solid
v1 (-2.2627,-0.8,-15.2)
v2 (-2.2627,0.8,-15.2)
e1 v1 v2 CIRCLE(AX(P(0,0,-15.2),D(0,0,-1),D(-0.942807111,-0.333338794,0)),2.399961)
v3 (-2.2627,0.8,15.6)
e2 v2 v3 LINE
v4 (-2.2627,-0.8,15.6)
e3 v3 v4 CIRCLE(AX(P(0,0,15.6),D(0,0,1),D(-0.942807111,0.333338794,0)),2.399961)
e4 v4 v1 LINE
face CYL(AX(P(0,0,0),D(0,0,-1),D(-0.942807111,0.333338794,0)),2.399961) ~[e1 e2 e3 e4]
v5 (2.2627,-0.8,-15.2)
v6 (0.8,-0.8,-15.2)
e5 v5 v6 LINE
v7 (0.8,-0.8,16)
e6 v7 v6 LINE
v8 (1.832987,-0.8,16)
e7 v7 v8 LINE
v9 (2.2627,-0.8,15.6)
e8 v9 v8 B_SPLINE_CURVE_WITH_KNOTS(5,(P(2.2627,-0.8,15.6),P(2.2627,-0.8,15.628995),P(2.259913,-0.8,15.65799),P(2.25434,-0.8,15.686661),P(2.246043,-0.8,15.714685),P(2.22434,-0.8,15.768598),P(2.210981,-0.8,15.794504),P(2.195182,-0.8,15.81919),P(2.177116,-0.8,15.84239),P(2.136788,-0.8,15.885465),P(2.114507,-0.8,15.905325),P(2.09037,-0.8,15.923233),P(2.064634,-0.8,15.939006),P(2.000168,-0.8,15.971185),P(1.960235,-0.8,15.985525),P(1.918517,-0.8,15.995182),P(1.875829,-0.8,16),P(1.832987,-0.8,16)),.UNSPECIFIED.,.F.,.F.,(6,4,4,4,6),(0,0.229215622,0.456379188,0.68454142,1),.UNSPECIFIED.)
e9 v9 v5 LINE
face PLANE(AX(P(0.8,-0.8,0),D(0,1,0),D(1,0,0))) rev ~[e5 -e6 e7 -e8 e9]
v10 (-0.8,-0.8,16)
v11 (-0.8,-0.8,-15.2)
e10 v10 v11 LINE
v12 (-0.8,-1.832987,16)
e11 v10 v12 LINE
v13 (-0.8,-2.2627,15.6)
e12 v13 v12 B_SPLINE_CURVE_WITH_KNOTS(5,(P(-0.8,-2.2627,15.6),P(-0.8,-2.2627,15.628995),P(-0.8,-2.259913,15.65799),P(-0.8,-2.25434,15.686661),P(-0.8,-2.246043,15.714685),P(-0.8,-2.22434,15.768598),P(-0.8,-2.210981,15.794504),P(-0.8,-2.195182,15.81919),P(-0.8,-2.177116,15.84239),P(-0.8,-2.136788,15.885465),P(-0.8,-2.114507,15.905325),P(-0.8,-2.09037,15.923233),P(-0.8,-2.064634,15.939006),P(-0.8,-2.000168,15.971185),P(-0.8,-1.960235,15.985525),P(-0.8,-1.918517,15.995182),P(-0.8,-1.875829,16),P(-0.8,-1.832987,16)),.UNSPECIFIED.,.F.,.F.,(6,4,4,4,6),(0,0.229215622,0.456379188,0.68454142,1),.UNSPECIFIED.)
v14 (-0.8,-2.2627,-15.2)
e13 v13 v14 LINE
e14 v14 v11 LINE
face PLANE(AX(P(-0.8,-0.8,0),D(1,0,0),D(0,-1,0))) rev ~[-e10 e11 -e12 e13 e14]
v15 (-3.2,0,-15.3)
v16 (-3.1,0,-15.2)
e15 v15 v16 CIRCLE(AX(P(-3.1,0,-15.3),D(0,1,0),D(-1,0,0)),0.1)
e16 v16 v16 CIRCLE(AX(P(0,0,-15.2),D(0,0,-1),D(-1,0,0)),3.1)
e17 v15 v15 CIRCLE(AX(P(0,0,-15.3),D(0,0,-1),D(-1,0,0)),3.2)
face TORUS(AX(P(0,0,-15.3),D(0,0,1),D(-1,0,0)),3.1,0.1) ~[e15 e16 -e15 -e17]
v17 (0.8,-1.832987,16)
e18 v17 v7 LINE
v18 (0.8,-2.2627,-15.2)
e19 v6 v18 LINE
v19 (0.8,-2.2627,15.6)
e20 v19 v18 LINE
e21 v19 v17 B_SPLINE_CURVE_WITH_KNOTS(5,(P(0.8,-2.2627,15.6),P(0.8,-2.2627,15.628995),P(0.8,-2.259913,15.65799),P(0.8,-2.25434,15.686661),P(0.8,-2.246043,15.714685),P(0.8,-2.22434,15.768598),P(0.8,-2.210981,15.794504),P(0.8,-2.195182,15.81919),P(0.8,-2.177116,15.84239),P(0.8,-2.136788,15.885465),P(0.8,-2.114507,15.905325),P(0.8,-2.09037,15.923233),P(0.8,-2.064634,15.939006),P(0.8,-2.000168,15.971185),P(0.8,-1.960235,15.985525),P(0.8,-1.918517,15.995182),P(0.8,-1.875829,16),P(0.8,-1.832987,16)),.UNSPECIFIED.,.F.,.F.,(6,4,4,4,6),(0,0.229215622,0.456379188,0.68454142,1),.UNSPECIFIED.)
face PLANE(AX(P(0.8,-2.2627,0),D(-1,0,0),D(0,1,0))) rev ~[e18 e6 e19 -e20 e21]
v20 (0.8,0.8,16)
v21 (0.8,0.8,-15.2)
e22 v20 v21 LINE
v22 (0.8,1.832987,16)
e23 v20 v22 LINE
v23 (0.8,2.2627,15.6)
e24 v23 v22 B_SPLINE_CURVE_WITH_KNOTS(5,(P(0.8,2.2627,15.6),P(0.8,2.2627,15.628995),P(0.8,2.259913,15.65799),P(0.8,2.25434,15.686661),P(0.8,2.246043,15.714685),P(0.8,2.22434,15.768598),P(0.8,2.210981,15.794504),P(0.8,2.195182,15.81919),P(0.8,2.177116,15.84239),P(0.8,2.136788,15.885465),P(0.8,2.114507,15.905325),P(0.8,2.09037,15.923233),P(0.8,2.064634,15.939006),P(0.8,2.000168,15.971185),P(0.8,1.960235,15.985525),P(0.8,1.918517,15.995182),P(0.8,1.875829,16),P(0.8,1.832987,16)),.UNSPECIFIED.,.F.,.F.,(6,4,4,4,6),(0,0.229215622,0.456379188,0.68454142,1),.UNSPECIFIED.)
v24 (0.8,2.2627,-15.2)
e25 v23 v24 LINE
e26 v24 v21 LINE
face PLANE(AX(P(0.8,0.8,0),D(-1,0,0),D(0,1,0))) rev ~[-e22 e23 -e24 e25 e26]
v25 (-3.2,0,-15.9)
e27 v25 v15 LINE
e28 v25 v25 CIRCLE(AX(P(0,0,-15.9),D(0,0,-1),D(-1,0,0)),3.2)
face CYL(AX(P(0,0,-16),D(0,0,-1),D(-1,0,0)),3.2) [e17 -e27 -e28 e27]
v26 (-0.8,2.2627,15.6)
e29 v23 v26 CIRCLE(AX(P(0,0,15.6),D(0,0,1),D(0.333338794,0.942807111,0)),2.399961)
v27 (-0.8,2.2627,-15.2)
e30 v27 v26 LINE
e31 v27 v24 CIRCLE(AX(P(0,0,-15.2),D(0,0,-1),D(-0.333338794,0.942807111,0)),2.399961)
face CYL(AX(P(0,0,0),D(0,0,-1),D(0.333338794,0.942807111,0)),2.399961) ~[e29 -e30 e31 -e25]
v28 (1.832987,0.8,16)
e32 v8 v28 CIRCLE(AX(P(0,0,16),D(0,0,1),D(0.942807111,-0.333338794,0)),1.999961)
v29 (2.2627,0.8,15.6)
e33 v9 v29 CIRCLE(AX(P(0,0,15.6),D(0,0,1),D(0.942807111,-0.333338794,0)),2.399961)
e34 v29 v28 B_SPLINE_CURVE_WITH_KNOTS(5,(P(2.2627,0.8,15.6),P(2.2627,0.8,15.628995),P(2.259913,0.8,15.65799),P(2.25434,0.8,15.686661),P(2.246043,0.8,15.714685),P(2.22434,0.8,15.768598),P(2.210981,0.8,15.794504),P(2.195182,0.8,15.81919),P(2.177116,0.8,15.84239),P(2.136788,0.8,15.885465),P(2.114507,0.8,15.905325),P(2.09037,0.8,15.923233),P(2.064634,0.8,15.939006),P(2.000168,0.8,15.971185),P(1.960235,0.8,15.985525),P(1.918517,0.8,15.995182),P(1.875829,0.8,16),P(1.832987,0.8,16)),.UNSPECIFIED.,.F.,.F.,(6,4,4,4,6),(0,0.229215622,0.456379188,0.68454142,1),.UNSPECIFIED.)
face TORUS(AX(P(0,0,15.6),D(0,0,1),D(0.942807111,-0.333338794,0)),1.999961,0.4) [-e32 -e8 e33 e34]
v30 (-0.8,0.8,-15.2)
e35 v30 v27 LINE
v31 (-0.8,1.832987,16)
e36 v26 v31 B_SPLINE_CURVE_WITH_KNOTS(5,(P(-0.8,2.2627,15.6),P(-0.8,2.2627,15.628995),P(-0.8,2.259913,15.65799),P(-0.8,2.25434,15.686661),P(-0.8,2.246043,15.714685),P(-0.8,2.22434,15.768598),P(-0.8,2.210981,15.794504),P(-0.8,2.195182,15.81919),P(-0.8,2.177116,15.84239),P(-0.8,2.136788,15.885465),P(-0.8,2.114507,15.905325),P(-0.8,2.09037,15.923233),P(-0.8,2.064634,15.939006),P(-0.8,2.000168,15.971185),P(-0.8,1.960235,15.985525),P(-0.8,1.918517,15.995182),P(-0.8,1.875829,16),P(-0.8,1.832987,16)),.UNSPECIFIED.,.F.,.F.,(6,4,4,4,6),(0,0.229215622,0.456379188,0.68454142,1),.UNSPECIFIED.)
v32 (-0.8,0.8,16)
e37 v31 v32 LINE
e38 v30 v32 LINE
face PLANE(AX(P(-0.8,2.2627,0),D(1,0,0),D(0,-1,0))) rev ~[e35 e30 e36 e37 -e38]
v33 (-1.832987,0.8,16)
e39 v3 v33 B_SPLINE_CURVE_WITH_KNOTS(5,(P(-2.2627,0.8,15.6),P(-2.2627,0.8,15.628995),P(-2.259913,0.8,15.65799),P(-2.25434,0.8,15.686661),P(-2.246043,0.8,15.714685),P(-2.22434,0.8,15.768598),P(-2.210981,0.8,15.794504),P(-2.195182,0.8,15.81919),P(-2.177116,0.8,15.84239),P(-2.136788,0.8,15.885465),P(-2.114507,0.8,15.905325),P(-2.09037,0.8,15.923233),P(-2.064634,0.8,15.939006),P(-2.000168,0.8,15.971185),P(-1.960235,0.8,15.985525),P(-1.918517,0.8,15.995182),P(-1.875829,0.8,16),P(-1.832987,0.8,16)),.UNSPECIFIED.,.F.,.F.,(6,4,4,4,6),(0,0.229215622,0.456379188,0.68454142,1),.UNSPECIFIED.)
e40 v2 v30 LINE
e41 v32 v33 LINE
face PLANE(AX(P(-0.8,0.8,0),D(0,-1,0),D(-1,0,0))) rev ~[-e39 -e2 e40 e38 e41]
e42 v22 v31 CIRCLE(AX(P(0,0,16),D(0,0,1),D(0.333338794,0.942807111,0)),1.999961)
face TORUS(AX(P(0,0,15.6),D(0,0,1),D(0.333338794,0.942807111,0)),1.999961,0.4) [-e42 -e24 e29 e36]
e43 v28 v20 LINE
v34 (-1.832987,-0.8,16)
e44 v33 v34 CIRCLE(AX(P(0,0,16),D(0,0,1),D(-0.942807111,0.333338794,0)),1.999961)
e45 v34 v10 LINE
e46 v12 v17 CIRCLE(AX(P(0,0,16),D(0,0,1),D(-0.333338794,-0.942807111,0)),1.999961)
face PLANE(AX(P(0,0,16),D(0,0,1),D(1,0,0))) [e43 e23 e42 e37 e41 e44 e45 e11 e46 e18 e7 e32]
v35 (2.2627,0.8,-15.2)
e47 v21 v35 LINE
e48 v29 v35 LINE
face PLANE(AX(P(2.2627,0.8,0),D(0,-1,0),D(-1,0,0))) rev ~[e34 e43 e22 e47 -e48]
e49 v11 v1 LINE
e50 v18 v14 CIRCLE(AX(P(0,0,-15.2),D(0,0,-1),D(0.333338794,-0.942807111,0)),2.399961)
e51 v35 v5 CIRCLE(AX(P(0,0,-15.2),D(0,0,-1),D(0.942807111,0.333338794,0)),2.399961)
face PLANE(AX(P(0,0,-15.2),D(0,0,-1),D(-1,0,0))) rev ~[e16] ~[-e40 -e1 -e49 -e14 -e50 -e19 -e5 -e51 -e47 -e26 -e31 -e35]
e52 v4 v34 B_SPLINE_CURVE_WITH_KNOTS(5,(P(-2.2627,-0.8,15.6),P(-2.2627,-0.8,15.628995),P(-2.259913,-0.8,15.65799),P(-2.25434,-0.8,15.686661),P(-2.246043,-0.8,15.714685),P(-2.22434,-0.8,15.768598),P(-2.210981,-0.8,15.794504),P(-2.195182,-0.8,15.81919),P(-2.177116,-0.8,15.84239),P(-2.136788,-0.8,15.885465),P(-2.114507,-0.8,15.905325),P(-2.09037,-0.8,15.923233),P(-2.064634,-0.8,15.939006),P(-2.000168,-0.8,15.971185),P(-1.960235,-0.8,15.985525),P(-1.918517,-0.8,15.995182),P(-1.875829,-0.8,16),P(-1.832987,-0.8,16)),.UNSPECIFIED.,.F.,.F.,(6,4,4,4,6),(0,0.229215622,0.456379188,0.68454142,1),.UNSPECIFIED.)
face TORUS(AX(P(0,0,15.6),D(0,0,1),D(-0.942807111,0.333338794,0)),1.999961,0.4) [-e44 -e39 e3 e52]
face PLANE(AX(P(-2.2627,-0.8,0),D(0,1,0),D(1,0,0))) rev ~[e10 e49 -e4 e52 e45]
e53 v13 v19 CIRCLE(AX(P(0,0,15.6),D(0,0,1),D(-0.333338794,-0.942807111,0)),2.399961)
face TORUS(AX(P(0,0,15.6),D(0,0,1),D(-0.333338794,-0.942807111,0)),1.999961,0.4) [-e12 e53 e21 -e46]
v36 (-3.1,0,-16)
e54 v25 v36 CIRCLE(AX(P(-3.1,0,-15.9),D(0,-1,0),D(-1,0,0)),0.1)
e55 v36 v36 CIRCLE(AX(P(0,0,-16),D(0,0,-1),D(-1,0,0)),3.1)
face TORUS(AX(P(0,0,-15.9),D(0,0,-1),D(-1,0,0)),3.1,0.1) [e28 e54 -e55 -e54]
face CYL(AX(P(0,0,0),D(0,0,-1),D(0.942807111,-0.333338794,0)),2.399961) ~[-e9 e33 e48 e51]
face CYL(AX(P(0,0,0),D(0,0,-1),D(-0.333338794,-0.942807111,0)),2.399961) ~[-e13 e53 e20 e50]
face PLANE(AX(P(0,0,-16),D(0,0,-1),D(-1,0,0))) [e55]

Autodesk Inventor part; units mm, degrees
ref_plane "YZ Plane" through (0, 0, 0) normal (1, 0, 0) x (0, 1, 0)
ref_plane "XZ Plane" through (0, 0, 0) normal (0, 1, 0) x (-1, 0, 0)
ref_plane "XY Plane" through (0, 0, 0) normal (0, 0, 1) x (1, 0, 0)
sketch "Sketch1" plane through (0, 0, 0) normal (0, 0, 1) x (1, 0, 0)
  circle A0 centre (0, 0) radius 2.4 construction
  line L0 (-0.8, 2.2627) -> (-0.8, 0.8)
  line L1 (-0.8, 0.8) -> (-2.2627, 0.8)
  line L2 (-2.2627, -0.8) -> (-0.8, -0.8)
  line L3 (-0.8, -0.8) -> (-0.8, -2.2627)
  line L4 (0.8, -2.2627) -> (0.8, -0.8)
  line L5 (0.8, -0.8) -> (2.2627, -0.8)
  line L6 (2.2627, 0.8) -> (0.8, 0.8)
  line L7 (0.8, 0.8) -> (0.8, 2.2627)
  arc A1 (0.8, 2.2627) -> (-0.8, 2.2627) centre (0, 0) ccw
  arc A2 (-2.2627, 0.8) -> (-2.2627, -0.8) centre (0, 0) ccw
  arc A3 (-0.8, -2.2627) -> (0.8, -2.2627) centre (0, 0) ccw
  arc A4 (2.2627, -0.8) -> (2.2627, 0.8) centre (0, 0) ccw
  dimension "d0" = 4.8
  dimension "d1" = 1.6
extrude "Extrusion1" add sketch "Sketch1" along normal mid plane 32
sketch "Sketch2" plane through (0, 0, -16) normal (0, 0, -1) x (-1, 0, 0)
  line L0 (0.8, 0.8) -> (0.8, 2.2627) projected
  arc A0 (0.8, 2.2627) -> (-0.8, 2.2627) centre (0, 0) ccw projected
  line L1 (-0.8, 2.2627) -> (-0.8, 0.8) projected
  line L2 (-0.8, 0.8) -> (-2.2627, 0.8) projected
  arc A1 (-2.2627, 0.8) -> (-2.2627, -0.8) centre (0, 0) ccw projected
  line L3 (-2.2627, -0.8) -> (-0.8, -0.8) projected
  line L4 (-0.8, -0.8) -> (-0.8, -2.2627) projected
  arc A2 (-0.8, -2.2627) -> (0.8, -2.2627) centre (0, 0) ccw projected
  line L5 (0.8, -2.2627) -> (0.8, -0.8) projected
  line L6 (0.8, -0.8) -> (2.2627, -0.8) projected
  arc A3 (2.2627, -0.8) -> (2.2627, 0.8) centre (0, 0) ccw projected
  line L7 (2.2627, 0.8) -> (0.8, 0.8) projected
  circle A4 centre (0, 0) radius 3.2
  dimension "d7" = 6.4
extrude "Extrusion2" add sketch "Sketch2" against normal blind 0.8
fillet "Fillet1" radius 0.4 4 edges at (0, 2.4, 16) (-2.4, 0, 16) (0, -2.4, 16) (2.4, 0, 16)
fillet "Fillet1" radius 0.1 2 edges at (3.2, 0, -15.2) (3.2, 0, -16)
equation "\"d0\" = kd"
equation "\"d1\" = axlet"
equation "\"d2\" = 4 * lu"
equation "\"d7\" = tsd"
equation "\"d8\" = tsl"
equation "\"d4\" = tf"
equation "\"d10\" = lf"
equation "\"kd\" = 4.8"
equation "\"axlet\" = 1.6"
equation "\"lu\" = 8"
equation "\"tsd\" = 6.4"
equation "\"tsl\" = 0.8"
equation "\"tf\" = 0.4"
equation "\"lf\" = 0.1"
properties part number "87083-DkBluishGray" material "ABS Plastic"
